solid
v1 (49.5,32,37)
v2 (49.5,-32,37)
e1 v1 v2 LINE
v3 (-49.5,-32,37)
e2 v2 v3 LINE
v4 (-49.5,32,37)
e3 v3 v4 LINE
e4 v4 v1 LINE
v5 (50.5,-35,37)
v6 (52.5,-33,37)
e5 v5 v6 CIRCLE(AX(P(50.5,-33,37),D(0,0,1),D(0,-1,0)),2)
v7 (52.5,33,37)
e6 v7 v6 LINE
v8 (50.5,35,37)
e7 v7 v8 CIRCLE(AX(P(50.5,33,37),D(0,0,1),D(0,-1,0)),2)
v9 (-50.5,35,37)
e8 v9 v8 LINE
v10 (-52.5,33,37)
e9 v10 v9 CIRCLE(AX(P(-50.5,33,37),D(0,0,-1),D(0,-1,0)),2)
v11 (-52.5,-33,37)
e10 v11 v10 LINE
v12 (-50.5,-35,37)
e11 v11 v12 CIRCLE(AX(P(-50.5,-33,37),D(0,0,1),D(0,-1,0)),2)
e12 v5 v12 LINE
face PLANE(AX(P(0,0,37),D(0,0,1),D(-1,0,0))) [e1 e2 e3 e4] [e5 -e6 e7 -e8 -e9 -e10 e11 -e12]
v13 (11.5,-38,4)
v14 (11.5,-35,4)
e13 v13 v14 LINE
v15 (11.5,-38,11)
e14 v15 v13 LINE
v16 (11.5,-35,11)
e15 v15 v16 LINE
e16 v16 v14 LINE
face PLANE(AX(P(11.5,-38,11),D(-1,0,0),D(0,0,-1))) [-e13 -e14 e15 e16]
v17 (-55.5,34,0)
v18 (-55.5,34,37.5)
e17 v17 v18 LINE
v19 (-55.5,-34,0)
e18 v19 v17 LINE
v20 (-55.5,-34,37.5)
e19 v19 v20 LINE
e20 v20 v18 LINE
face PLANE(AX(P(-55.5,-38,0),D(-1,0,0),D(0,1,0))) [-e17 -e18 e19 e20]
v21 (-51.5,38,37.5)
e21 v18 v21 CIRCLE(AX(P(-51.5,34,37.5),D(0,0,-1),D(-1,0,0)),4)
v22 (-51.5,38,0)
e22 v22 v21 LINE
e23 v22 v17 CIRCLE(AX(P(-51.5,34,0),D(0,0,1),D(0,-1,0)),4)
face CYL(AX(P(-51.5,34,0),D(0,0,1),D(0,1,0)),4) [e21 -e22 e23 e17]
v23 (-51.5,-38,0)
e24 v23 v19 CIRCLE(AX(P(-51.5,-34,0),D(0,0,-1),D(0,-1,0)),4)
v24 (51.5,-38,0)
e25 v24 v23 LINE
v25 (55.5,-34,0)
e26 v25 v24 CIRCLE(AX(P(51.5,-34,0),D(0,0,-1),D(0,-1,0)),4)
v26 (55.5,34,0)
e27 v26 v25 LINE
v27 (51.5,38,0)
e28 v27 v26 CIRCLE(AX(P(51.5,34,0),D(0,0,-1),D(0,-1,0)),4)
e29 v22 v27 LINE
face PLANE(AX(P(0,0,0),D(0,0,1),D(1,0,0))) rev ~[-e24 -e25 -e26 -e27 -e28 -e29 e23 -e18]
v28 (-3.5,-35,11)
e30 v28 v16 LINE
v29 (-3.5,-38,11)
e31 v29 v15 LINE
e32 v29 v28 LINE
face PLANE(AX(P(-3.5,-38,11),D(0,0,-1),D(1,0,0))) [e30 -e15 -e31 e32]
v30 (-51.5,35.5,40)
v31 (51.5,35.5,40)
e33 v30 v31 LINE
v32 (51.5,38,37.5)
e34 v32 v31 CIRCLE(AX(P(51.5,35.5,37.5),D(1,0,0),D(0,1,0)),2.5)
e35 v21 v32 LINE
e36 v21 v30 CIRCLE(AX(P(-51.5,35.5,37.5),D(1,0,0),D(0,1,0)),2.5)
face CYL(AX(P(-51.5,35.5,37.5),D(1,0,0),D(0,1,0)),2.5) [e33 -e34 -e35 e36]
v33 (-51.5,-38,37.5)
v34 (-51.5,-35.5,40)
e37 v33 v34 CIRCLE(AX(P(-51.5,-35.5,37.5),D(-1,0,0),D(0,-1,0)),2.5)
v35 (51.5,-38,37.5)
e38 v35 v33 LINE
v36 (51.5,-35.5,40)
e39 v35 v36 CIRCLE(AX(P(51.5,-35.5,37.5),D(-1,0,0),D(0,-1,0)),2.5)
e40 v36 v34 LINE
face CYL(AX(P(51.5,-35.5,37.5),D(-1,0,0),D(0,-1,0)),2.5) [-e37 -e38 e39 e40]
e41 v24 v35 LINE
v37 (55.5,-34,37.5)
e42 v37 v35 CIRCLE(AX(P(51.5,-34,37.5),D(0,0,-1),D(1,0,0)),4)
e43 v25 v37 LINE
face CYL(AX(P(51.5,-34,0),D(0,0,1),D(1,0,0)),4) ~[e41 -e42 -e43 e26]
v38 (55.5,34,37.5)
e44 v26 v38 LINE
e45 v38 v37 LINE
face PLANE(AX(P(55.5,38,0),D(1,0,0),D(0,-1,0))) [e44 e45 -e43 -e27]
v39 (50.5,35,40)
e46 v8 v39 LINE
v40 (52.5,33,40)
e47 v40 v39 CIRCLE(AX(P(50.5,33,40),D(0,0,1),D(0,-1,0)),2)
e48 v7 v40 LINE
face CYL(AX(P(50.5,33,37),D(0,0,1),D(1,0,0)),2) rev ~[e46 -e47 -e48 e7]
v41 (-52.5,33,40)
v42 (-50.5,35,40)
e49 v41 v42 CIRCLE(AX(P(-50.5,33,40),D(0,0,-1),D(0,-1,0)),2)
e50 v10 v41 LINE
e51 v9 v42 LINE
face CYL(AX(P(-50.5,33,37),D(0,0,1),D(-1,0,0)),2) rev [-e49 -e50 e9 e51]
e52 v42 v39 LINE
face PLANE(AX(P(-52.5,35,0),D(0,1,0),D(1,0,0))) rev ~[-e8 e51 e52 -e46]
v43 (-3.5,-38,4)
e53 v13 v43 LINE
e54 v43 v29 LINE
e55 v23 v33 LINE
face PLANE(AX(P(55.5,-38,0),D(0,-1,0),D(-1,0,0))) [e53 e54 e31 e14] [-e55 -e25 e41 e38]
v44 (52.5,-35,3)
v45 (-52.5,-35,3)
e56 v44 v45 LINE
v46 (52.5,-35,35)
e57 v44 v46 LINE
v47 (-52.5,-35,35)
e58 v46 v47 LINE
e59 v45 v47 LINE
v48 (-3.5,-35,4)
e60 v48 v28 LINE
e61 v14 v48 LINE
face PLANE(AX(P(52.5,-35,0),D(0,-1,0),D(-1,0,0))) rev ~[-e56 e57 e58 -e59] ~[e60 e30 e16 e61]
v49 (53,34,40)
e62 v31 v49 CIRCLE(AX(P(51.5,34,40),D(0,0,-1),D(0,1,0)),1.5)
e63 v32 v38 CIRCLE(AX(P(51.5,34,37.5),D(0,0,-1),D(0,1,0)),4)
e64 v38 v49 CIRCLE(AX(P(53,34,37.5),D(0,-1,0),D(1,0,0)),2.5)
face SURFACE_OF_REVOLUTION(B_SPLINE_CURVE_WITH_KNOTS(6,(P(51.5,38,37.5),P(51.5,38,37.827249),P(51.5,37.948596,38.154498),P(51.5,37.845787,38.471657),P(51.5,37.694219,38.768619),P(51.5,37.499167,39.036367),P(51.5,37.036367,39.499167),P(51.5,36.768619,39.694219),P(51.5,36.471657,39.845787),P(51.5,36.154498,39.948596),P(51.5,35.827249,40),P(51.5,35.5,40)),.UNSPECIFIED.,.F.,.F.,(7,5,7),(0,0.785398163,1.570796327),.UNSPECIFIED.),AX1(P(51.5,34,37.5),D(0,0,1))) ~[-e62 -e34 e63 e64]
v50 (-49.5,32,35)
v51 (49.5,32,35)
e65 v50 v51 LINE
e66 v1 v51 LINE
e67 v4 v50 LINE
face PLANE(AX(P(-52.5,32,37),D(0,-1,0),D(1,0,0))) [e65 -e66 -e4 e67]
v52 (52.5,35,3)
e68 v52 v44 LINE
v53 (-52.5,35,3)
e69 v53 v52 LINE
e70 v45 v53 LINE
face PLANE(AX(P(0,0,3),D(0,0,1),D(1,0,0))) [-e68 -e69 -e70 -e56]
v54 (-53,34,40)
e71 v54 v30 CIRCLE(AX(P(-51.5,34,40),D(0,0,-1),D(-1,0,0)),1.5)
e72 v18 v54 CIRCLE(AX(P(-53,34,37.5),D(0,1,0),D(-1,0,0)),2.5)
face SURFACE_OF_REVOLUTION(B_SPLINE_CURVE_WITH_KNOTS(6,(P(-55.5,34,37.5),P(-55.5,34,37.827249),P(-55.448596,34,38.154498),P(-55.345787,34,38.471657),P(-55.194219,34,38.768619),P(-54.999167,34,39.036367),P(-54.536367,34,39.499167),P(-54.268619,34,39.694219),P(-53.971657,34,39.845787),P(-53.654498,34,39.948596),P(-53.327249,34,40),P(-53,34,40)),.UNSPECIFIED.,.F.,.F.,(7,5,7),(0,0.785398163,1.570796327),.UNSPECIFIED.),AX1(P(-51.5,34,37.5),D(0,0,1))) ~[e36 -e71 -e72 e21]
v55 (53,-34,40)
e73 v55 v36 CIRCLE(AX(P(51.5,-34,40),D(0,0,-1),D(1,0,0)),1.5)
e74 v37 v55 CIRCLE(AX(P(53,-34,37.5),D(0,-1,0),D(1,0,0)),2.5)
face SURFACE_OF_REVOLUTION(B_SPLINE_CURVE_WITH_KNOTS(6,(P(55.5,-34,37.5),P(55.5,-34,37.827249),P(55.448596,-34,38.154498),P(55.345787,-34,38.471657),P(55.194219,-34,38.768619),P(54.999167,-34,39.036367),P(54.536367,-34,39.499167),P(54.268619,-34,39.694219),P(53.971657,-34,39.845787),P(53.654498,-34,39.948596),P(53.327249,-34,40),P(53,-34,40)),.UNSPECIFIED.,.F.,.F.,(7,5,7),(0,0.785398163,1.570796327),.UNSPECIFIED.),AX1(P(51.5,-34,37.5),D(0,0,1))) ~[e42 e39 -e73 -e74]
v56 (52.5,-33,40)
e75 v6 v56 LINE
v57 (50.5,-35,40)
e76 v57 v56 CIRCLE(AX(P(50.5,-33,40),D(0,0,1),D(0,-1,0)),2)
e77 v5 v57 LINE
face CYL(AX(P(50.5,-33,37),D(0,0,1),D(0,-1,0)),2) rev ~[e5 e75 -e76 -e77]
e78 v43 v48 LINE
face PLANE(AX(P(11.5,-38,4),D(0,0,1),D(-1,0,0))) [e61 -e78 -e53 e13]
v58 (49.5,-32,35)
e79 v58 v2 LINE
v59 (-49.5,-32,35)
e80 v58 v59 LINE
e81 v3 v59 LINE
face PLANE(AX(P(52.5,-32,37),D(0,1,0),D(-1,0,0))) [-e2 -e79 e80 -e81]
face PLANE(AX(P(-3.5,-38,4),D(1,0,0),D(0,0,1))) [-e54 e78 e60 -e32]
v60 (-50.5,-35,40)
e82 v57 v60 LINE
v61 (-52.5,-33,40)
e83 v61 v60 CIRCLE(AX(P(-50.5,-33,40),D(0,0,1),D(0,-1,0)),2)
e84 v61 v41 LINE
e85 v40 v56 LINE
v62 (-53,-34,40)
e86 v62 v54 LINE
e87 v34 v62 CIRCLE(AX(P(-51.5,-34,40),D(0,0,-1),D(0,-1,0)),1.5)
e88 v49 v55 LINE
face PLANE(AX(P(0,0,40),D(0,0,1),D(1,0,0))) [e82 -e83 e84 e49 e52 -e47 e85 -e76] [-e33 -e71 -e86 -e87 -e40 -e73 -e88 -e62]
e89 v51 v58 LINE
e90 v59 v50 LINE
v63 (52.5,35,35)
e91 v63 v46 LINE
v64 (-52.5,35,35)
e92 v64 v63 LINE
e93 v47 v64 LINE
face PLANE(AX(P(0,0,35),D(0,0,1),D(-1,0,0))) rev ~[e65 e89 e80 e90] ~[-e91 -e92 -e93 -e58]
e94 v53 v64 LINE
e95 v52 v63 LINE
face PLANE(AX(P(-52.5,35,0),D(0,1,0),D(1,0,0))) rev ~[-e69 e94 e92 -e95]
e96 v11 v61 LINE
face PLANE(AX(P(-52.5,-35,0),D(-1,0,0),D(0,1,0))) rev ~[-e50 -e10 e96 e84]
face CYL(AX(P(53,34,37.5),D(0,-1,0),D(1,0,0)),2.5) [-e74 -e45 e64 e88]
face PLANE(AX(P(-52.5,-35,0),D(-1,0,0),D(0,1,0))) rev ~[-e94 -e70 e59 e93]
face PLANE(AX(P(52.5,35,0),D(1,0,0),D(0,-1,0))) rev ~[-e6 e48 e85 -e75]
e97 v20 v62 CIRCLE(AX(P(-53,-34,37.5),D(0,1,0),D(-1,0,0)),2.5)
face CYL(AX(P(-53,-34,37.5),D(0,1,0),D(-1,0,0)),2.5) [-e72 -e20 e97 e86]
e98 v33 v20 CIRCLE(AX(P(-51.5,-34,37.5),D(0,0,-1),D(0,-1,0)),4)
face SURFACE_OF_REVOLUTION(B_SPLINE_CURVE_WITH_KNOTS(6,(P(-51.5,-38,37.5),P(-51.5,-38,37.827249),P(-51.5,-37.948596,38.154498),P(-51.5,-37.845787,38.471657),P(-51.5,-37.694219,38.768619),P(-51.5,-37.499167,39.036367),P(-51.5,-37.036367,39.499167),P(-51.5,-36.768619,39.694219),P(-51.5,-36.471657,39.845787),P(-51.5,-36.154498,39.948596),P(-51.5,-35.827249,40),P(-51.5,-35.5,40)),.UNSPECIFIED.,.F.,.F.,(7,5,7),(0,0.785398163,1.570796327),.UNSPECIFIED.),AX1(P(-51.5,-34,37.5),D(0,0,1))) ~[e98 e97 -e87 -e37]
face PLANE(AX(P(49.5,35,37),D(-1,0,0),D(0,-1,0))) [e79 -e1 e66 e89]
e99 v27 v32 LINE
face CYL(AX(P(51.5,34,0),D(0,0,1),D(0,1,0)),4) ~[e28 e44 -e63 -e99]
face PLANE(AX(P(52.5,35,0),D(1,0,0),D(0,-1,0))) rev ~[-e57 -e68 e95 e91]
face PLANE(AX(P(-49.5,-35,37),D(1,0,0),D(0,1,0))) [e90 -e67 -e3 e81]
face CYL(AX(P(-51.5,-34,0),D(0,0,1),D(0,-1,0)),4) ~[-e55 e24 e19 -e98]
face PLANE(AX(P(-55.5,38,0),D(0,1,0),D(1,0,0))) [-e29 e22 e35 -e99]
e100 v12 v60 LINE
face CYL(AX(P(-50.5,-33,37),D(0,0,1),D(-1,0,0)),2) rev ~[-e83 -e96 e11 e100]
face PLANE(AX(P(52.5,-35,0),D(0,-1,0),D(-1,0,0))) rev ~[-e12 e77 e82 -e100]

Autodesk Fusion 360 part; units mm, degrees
sketch "Sketch1" plane through (0, 0, 0) normal (0, 0, 1) x (1, 0, 0)
  line L0 (-52.5, 35) -> (52.5, 35)
  line L1 (52.5, 35) -> (52.5, -35)
  line L2 (52.5, -35) -> (-52.5, -35)
  line L3 (-52.5, -35) -> (-52.5, 35)
  line L4 (-55.5, 38) -> (55.5, 38)
  line L5 (55.5, 38) -> (55.5, -38)
  line L6 (55.5, -38) -> (-55.5, -38)
  line L7 (-55.5, -38) -> (-55.5, 38)
  dimension "d1" = 105
  dimension "d2" = 70
  dimension "d3" = 35
  dimension "d4" = 52.5
  dimension "d5" = 111
  dimension "d6" = 76
  dimension "d7" = 3
  dimension "d8" = 3
extrude "Extrude1" add sketch "Sketch1" along normal blind 3 contours L0 L1 L2 L3 makes body 1
extrude "Extrude2" add sketch "Sketch1" along normal blind 40 bodies 1
fillet "Fillet1" radius 4 4 edges at (55.5, -38, 20) (55.5, 38, 20) (-55.5, -38, 20) (-55.5, 38, 20) on bodies 1
fillet "Fillet2" radius 2.5 8 edges at (54.3284, -36.8284, 40) (55.5, 0, 40) (54.3284, 36.8284, 40) (0, 38, 40) (-54.3284, 36.8284, 40) (-55.5, 0, 40) (-54.3284, -36.8284, 40) (0, -38, 40) on bodies 1
sketch "Sketch3" plane through (0, -38, 0) normal (0, -1, 0) x (1, 0, 0)
  line L0 (51.5, 37.5) -> (-51.5, 37.5)
  line L1 (-51.5, 37.5) -> (-51.5, 0)
  line L2 (-51.5, 0) -> (51.5, 0)
  line L3 (51.5, 0) -> (51.5, 37.5)
  line L4 (-3.5, 11) -> (11.5, 11)
  line L5 (11.5, 11) -> (11.5, 4)
  line L6 (11.5, 4) -> (-3.5, 4)
  line L7 (-3.5, 4) -> (-3.5, 11)
  dimension "d17" = 7
  dimension "d19" = 40
  dimension "d22" = 11
  dimension "d23" = 15
extrude "Extrude3" cut sketch "Sketch3" against normal blind 10 contours L4 L5 L6 L7 bodies 1
sketch "Sketch5" plane through (0, 0, 40) normal (0, 0, 1) x (-1, 0, 0)
  line L0 (-52.5, 35) -> (52.5, 35)
  line L1 (52.5, 35) -> (52.5, -35)
  line L2 (52.5, -35) -> (-52.5, -35)
  line L3 (-52.5, -35) -> (-52.5, 35)
  arc A0 (-51.5, 35.5) -> (-53, 34) centre (-51.5, 34) ccw
  line L4 (-53, 34) -> (-53, -34)
  arc A1 (-53, -34) -> (-51.5, -35.5) centre (-51.5, -34) ccw
  line L5 (-51.5, -35.5) -> (51.5, -35.5)
  arc A2 (51.5, -35.5) -> (53, -34) centre (51.5, -34) ccw
  line L6 (53, -34) -> (53, 34)
  arc A3 (53, 34) -> (51.5, 35.5) centre (51.5, 34) ccw
  line L7 (51.5, 35.5) -> (-51.5, 35.5)
extrude "Extrude4" add sketch "Sketch5" against normal blind 2 separate body contours L0 L1 L2 L3 makes body 2
move_body "Move1" bodies 2 to x (1, 0, 0) y (0, 1, 0) z (0, 0, 1) at (0, 0, -3)
shell "Shell1" thickness 3 removed faces 2 at (17.5, -11.6667, 37) at (17.5, -11.6667, 35) on bodies 2
combine "Combine1" operation add target body 1 tool bodies 2
fillet "Fillet3" radius 2 4 edges at (-52.5, 35, 38.5) (-52.5, -35, 38.5) (52.5, -35, 38.5) (52.5, 35, 38.5) on bodies 1
